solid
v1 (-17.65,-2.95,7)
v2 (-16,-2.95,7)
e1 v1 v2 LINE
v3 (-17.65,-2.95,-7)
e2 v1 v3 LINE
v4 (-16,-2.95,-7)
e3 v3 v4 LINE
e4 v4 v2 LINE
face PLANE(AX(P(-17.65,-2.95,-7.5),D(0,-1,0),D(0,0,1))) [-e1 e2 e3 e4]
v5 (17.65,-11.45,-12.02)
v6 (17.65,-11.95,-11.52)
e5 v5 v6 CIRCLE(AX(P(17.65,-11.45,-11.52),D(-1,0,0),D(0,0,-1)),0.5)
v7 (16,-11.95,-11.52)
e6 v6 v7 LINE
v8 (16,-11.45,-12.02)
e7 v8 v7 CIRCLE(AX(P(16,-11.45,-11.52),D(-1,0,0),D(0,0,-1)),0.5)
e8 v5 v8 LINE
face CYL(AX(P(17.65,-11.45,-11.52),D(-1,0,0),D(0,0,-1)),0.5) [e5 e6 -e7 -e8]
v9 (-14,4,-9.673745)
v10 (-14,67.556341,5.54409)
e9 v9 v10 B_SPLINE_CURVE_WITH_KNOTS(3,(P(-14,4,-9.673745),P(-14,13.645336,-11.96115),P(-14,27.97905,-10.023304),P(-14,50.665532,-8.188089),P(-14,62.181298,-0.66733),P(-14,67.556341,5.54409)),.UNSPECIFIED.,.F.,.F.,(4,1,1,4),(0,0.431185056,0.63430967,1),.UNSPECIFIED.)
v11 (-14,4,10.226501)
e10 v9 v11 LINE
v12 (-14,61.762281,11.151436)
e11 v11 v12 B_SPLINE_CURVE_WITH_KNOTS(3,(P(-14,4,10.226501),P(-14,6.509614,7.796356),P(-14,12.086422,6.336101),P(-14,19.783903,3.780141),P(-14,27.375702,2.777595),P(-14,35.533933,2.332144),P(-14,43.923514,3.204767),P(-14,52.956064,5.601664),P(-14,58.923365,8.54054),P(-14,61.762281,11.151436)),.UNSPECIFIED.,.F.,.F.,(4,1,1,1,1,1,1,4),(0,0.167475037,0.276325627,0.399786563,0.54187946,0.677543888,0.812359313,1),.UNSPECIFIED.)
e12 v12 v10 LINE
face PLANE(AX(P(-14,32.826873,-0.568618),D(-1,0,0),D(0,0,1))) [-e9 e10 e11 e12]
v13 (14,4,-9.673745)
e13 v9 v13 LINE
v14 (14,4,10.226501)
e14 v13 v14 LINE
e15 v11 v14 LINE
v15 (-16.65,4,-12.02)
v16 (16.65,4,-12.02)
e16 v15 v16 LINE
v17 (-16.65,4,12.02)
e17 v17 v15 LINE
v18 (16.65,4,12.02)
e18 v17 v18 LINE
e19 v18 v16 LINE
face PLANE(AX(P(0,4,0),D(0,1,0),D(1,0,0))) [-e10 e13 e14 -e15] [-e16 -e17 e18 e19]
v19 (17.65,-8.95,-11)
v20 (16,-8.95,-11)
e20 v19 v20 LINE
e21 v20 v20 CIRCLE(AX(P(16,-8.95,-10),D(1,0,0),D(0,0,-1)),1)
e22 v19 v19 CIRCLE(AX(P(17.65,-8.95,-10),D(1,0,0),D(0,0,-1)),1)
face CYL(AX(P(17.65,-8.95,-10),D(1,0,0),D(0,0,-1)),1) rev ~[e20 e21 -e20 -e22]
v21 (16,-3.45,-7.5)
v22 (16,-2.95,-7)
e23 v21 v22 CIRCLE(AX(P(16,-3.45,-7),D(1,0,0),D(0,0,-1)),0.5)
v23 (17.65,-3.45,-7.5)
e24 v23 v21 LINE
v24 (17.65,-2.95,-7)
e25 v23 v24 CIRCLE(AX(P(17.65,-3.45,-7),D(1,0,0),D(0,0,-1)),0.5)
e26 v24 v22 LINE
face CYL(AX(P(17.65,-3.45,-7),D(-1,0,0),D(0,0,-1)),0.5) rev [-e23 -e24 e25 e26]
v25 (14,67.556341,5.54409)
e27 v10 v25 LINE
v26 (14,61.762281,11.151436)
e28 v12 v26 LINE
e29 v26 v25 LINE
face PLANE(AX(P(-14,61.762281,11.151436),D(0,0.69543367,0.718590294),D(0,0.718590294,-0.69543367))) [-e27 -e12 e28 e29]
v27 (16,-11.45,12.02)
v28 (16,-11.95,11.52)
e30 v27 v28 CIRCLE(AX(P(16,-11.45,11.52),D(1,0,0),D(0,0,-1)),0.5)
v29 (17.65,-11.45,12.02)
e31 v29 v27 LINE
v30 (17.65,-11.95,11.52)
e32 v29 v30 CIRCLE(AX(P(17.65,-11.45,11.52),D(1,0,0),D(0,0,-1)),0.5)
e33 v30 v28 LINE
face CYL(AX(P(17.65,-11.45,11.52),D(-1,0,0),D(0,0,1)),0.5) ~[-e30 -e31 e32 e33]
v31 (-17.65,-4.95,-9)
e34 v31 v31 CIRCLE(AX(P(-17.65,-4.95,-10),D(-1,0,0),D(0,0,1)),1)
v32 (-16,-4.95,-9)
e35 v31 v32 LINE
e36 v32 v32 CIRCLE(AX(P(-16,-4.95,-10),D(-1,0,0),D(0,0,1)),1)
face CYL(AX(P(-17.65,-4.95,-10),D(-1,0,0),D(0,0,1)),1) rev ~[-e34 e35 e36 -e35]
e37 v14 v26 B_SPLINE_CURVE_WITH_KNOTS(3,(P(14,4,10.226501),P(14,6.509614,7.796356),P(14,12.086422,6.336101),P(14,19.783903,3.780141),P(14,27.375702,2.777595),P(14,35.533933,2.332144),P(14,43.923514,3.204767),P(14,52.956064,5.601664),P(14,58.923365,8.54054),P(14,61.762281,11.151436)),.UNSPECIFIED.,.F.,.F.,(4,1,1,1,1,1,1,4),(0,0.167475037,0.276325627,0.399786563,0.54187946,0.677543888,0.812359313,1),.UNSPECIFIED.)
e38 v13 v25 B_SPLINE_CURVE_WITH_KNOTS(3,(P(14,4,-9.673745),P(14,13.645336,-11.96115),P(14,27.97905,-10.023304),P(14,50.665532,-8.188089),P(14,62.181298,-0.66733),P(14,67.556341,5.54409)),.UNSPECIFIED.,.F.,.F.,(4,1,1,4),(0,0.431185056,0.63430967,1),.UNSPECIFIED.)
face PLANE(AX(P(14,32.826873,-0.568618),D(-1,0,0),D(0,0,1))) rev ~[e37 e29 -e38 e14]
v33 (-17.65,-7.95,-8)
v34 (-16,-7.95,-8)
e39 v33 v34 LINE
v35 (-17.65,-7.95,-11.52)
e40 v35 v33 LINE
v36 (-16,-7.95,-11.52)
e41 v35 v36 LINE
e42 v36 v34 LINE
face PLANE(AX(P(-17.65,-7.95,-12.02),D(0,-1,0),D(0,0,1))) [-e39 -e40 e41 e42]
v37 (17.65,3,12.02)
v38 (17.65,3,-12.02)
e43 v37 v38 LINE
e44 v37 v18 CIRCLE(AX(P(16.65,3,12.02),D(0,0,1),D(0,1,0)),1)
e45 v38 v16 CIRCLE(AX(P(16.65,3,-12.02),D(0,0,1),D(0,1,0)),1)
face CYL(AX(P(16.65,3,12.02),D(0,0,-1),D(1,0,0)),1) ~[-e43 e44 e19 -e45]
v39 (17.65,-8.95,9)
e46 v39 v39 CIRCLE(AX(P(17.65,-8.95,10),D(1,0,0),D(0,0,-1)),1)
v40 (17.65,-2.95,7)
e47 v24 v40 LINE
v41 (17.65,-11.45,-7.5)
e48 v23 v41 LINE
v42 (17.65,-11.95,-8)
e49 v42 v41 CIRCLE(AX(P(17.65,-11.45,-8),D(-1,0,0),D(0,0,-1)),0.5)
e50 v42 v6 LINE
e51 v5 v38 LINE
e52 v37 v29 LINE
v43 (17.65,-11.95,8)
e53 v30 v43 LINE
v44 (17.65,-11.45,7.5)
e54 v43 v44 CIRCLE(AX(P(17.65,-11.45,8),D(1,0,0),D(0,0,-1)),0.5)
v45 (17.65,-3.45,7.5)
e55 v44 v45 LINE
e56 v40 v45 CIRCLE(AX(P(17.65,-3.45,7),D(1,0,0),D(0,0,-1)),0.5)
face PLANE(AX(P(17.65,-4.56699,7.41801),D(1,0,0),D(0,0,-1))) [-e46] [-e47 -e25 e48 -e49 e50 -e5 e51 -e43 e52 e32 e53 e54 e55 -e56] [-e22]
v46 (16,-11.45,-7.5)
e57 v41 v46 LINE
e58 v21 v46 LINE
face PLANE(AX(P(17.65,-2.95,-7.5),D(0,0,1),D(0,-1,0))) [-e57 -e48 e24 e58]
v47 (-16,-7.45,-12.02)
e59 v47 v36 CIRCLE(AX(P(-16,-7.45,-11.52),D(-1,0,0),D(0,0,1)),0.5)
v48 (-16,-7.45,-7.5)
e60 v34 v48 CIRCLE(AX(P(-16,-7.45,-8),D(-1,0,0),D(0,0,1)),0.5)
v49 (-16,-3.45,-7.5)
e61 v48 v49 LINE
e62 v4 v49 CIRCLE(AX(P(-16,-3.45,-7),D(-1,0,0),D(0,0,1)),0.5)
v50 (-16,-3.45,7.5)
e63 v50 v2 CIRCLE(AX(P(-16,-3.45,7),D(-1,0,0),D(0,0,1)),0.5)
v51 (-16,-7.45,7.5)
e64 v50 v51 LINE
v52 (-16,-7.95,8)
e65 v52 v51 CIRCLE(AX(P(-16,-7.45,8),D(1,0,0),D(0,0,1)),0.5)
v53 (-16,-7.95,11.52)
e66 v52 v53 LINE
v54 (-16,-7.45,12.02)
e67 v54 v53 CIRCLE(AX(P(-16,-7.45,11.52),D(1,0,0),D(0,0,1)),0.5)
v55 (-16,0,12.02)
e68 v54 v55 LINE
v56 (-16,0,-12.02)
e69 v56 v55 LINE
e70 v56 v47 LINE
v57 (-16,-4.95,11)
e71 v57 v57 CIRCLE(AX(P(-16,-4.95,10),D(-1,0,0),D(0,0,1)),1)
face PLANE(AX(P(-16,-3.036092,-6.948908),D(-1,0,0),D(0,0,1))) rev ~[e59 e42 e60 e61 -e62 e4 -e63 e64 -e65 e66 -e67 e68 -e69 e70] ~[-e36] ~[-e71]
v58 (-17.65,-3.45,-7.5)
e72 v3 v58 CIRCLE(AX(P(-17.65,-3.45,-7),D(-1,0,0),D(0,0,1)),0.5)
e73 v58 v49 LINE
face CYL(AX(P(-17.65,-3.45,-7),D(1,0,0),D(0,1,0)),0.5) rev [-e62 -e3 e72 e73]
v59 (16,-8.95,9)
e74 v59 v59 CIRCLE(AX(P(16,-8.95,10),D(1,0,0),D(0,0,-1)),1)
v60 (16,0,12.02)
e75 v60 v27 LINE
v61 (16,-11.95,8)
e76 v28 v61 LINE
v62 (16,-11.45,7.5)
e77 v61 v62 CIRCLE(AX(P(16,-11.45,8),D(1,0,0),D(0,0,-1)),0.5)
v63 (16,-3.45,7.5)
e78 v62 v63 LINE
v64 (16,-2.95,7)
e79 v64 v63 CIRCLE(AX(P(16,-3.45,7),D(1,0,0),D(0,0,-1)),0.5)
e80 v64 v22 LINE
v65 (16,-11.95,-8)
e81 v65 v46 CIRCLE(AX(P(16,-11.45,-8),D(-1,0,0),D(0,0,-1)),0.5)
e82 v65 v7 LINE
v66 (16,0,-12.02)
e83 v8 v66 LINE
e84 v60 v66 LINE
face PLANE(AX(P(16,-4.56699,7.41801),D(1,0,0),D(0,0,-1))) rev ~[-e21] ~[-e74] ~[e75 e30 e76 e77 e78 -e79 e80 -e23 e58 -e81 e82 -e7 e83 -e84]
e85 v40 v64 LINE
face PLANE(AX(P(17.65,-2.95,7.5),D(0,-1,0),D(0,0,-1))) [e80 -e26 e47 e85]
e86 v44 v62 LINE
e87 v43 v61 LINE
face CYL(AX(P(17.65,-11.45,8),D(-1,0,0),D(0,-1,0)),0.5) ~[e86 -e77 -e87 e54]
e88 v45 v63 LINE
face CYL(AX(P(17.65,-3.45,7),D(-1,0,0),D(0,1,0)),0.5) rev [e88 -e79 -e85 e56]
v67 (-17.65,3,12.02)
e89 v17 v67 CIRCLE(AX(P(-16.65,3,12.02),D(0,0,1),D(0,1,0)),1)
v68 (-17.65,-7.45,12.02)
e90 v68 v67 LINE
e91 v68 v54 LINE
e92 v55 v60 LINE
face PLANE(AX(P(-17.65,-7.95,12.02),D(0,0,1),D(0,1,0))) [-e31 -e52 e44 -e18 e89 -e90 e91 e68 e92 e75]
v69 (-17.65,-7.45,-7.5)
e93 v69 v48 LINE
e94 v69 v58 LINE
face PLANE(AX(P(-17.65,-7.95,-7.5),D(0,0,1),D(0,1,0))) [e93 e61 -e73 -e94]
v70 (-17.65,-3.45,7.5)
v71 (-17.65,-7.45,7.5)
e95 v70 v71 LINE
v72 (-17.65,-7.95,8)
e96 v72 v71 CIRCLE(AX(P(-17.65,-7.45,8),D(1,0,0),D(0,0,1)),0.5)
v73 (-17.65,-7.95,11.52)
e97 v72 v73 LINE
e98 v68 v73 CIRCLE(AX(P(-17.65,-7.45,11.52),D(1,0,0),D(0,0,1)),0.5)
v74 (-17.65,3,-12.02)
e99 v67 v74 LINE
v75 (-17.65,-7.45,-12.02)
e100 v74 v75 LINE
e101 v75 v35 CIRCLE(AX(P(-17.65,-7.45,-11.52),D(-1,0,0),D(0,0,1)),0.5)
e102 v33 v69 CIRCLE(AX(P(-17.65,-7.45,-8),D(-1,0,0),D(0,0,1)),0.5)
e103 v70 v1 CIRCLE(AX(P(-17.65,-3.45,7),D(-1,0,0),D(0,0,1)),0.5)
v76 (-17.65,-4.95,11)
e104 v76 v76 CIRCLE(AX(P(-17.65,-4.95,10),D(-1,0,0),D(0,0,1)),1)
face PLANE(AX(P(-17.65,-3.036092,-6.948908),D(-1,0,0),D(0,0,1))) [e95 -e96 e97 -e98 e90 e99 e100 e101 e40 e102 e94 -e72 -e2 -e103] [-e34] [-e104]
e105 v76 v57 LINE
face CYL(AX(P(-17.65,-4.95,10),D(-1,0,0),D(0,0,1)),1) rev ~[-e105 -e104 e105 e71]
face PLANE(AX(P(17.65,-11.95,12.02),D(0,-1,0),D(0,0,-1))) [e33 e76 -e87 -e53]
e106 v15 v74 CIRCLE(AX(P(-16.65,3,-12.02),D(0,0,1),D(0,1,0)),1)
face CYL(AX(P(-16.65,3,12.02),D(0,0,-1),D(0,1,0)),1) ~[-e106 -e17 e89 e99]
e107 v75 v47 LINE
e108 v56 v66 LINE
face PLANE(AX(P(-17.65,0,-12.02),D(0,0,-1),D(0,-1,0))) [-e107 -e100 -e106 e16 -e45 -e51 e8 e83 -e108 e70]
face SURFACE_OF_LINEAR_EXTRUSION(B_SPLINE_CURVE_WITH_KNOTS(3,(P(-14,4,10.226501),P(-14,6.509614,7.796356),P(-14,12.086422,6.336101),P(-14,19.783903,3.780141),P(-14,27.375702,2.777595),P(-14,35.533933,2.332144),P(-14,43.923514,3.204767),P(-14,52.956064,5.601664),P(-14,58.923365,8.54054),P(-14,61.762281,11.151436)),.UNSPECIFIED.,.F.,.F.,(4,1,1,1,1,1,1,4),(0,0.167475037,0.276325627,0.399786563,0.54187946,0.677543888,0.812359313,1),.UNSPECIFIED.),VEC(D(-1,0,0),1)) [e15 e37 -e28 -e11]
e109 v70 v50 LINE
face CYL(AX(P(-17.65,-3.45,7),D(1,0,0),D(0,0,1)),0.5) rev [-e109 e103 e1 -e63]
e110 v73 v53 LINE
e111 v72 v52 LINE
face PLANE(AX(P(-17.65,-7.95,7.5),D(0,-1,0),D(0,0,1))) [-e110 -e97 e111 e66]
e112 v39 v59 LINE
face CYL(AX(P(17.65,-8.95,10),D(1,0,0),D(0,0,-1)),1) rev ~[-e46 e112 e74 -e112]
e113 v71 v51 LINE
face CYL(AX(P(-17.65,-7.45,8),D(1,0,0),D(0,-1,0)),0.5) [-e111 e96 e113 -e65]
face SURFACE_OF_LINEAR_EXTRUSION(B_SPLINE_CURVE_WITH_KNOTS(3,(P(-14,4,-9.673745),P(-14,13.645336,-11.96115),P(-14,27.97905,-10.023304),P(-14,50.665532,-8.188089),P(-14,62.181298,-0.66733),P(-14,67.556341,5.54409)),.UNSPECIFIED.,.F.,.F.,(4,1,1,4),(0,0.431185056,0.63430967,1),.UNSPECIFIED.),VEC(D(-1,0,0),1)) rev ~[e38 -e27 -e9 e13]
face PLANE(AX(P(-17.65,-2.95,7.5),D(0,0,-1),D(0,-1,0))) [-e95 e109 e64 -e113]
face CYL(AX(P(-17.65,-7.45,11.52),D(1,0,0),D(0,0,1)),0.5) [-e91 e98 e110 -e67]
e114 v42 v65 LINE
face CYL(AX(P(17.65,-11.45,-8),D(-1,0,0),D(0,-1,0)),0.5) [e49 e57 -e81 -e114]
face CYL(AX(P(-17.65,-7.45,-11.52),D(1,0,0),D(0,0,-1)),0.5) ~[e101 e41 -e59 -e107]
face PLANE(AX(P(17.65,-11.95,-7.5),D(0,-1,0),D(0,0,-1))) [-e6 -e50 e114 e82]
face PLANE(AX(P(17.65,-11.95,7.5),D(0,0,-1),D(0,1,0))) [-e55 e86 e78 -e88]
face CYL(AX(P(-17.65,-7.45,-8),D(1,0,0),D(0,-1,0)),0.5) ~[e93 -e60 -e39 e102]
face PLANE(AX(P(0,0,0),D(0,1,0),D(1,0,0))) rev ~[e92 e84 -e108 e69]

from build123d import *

# Parameters (mm, degrees)
SKETCH1_W                = 35.3
SKETCH1_H                = 24.04
BOSS_EXTRUDE1_DEPTH      = 4
SKETCH2_R                = 1
BOSS_EXTRUDE2_DEPTH      = 1.65
SKETCH3_R                = 1
BOSS_EXTRUDE3_DEPTH      = 1.65
FILLET1_R                = 1
FILLET2_R                = 1
FILLET3_R                = 0.5
BOSS_EXTRUDE4_DEPTH      = 14
BOSS_EXTRUDE4_DEPTH_BACK = 14


with BuildPart() as part:
    # Sketch1 → Boss-Extrude1 (new body)
    with BuildSketch(Plane(origin=(0, 0, 0), x_dir=(1, 0, 0), z_dir=(0, 1, 0))):
        Rectangle(SKETCH1_W, SKETCH1_H)
    extrude(amount=BOSS_EXTRUDE1_DEPTH)

    # Sketch2 → Boss-Extrude2 (add)
    # profile 1 of 2: a face of its own
    with BuildSketch(Plane(origin=(17.65, 0, 0), x_dir=(0, 0, -1), z_dir=(1, 0, 0))):
        Polygon((-7.5, -2.95), (0, -2.95), (0, 0), (-12.02, 0), (-12.02, -11.95), (-7.5, -11.95), align=None)
        with Locations((-10, -8.95)):
            Circle(SKETCH2_R, mode=Mode.SUBTRACT)
    # profile 2 of 2: a face of its own
    with BuildSketch(Plane(origin=(17.65, 0, 0), x_dir=(0, 0, -1), z_dir=(1, 0, 0))):
        Polygon((7.5, -2.95), (7.5, -11.95), (12.02, -11.95), (12.02, 0), (0, 0), (0, -2.95), align=None)
        with Locations((10, -8.95)):
            Circle(SKETCH2_R, mode=Mode.SUBTRACT)
    extrude(amount=-BOSS_EXTRUDE2_DEPTH)

    # Sketch3 → Boss-Extrude3 (add)
    # profile 1 of 2: a face of its own
    with BuildSketch(Plane.ZY.offset(17.65)):
        Polygon((-7.5, -2.95), (0, -2.95), (0, 0), (-12.02, 0), (-12.02, -7.95), (-7.5, -7.95), align=None)
        with Locations((-10, -4.95)):
            Circle(SKETCH3_R, mode=Mode.SUBTRACT)
    # profile 2 of 2: a face of its own
    with BuildSketch(Plane.ZY.offset(17.65)):
        Polygon((7.5, -2.95), (7.5, -7.95), (12.02, -7.95), (12.02, 0), (0, 0), (0, -2.95), align=None)
        with Locations((10, -4.95)):
            Circle(SKETCH3_R, mode=Mode.SUBTRACT)
    extrude(amount=-BOSS_EXTRUDE3_DEPTH)

    # Fillet1
    fillet1_edges = [part.edges().sort_by_distance(p)[0] for p in [
        (17.65, 4, 0),
    ]]
    fillet(fillet1_edges, radius=FILLET1_R)

    # Fillet2
    fillet2_edges = [part.edges().sort_by_distance(p)[0] for p in [
        (-17.65, 4, 0),
    ]]
    fillet(fillet2_edges, radius=FILLET2_R)

    # Fillet3
    fillet3_edges = [part.edges().sort_by_distance(p)[0] for p in [
        (16.825, -2.95, -7.5),
        (16.825, -2.95, 7.5),
        (16.825, -11.95, 7.5),
        (16.825, -11.95, 12.02),
        (16.825, -11.95, -12.02),
        (16.825, -11.95, -7.5),
        (-16.825, -2.95, 7.5),
        (-16.825, -2.95, -7.5),
        (-16.825, -7.95, -7.5),
        (-16.825, -7.95, -12.02),
        (-16.825, -7.95, 12.02),
        (-16.825, -7.95, 7.5),
    ]]
    fillet(fillet3_edges, radius=FILLET3_R)

    # Sketch4 → Boss-Extrude4 (add, two sides: drawn at the far end of the back side and taken through both)
    with BuildSketch(Plane(origin=(0, 0, 0), x_dir=(0, 0, -1), z_dir=(1, 0, 0)).offset(-BOSS_EXTRUDE4_DEPTH_BACK)):
        with BuildLine():
            Line((9.673745494, 4), (-10.226501203, 4))
            add(Edge.make_bspline(
                [(-10.226501203, 4), (-7.796356339, 6.509613533), (-6.336100814, 12.08642199), (-3.780141018, 19.783903225), (-2.777594912, 27.375701916), (-2.332144175, 35.533933475), (-3.204767203, 43.923514345), (-5.6016641, 52.956063732), (-8.540539845, 58.923365351), (-11.151435745, 61.762281392)],
                knots=[0, 0, 0, 0, 0.167475037, 0.276325627, 0.399786563, 0.54187946, 0.677543888, 0.812359313, 1, 1, 1, 1], degree=3))
            Line((-11.151435745, 61.762281392), (-5.544090215, 67.556340911))
            add(Edge.make_bspline(
                [(9.673745494, 4), (11.961149809, 13.645336135), (10.023304181, 27.979049896), (8.188089208, 50.665532333), (0.66732995, 62.181297985), (-5.544090215, 67.556340911)],
                knots=[0, 0, 0, 0, 0.431185056, 0.63430967, 1, 1, 1, 1], degree=3))
        make_face()
    extrude(amount=BOSS_EXTRUDE4_DEPTH + BOSS_EXTRUDE4_DEPTH_BACK)


solid = part.part
